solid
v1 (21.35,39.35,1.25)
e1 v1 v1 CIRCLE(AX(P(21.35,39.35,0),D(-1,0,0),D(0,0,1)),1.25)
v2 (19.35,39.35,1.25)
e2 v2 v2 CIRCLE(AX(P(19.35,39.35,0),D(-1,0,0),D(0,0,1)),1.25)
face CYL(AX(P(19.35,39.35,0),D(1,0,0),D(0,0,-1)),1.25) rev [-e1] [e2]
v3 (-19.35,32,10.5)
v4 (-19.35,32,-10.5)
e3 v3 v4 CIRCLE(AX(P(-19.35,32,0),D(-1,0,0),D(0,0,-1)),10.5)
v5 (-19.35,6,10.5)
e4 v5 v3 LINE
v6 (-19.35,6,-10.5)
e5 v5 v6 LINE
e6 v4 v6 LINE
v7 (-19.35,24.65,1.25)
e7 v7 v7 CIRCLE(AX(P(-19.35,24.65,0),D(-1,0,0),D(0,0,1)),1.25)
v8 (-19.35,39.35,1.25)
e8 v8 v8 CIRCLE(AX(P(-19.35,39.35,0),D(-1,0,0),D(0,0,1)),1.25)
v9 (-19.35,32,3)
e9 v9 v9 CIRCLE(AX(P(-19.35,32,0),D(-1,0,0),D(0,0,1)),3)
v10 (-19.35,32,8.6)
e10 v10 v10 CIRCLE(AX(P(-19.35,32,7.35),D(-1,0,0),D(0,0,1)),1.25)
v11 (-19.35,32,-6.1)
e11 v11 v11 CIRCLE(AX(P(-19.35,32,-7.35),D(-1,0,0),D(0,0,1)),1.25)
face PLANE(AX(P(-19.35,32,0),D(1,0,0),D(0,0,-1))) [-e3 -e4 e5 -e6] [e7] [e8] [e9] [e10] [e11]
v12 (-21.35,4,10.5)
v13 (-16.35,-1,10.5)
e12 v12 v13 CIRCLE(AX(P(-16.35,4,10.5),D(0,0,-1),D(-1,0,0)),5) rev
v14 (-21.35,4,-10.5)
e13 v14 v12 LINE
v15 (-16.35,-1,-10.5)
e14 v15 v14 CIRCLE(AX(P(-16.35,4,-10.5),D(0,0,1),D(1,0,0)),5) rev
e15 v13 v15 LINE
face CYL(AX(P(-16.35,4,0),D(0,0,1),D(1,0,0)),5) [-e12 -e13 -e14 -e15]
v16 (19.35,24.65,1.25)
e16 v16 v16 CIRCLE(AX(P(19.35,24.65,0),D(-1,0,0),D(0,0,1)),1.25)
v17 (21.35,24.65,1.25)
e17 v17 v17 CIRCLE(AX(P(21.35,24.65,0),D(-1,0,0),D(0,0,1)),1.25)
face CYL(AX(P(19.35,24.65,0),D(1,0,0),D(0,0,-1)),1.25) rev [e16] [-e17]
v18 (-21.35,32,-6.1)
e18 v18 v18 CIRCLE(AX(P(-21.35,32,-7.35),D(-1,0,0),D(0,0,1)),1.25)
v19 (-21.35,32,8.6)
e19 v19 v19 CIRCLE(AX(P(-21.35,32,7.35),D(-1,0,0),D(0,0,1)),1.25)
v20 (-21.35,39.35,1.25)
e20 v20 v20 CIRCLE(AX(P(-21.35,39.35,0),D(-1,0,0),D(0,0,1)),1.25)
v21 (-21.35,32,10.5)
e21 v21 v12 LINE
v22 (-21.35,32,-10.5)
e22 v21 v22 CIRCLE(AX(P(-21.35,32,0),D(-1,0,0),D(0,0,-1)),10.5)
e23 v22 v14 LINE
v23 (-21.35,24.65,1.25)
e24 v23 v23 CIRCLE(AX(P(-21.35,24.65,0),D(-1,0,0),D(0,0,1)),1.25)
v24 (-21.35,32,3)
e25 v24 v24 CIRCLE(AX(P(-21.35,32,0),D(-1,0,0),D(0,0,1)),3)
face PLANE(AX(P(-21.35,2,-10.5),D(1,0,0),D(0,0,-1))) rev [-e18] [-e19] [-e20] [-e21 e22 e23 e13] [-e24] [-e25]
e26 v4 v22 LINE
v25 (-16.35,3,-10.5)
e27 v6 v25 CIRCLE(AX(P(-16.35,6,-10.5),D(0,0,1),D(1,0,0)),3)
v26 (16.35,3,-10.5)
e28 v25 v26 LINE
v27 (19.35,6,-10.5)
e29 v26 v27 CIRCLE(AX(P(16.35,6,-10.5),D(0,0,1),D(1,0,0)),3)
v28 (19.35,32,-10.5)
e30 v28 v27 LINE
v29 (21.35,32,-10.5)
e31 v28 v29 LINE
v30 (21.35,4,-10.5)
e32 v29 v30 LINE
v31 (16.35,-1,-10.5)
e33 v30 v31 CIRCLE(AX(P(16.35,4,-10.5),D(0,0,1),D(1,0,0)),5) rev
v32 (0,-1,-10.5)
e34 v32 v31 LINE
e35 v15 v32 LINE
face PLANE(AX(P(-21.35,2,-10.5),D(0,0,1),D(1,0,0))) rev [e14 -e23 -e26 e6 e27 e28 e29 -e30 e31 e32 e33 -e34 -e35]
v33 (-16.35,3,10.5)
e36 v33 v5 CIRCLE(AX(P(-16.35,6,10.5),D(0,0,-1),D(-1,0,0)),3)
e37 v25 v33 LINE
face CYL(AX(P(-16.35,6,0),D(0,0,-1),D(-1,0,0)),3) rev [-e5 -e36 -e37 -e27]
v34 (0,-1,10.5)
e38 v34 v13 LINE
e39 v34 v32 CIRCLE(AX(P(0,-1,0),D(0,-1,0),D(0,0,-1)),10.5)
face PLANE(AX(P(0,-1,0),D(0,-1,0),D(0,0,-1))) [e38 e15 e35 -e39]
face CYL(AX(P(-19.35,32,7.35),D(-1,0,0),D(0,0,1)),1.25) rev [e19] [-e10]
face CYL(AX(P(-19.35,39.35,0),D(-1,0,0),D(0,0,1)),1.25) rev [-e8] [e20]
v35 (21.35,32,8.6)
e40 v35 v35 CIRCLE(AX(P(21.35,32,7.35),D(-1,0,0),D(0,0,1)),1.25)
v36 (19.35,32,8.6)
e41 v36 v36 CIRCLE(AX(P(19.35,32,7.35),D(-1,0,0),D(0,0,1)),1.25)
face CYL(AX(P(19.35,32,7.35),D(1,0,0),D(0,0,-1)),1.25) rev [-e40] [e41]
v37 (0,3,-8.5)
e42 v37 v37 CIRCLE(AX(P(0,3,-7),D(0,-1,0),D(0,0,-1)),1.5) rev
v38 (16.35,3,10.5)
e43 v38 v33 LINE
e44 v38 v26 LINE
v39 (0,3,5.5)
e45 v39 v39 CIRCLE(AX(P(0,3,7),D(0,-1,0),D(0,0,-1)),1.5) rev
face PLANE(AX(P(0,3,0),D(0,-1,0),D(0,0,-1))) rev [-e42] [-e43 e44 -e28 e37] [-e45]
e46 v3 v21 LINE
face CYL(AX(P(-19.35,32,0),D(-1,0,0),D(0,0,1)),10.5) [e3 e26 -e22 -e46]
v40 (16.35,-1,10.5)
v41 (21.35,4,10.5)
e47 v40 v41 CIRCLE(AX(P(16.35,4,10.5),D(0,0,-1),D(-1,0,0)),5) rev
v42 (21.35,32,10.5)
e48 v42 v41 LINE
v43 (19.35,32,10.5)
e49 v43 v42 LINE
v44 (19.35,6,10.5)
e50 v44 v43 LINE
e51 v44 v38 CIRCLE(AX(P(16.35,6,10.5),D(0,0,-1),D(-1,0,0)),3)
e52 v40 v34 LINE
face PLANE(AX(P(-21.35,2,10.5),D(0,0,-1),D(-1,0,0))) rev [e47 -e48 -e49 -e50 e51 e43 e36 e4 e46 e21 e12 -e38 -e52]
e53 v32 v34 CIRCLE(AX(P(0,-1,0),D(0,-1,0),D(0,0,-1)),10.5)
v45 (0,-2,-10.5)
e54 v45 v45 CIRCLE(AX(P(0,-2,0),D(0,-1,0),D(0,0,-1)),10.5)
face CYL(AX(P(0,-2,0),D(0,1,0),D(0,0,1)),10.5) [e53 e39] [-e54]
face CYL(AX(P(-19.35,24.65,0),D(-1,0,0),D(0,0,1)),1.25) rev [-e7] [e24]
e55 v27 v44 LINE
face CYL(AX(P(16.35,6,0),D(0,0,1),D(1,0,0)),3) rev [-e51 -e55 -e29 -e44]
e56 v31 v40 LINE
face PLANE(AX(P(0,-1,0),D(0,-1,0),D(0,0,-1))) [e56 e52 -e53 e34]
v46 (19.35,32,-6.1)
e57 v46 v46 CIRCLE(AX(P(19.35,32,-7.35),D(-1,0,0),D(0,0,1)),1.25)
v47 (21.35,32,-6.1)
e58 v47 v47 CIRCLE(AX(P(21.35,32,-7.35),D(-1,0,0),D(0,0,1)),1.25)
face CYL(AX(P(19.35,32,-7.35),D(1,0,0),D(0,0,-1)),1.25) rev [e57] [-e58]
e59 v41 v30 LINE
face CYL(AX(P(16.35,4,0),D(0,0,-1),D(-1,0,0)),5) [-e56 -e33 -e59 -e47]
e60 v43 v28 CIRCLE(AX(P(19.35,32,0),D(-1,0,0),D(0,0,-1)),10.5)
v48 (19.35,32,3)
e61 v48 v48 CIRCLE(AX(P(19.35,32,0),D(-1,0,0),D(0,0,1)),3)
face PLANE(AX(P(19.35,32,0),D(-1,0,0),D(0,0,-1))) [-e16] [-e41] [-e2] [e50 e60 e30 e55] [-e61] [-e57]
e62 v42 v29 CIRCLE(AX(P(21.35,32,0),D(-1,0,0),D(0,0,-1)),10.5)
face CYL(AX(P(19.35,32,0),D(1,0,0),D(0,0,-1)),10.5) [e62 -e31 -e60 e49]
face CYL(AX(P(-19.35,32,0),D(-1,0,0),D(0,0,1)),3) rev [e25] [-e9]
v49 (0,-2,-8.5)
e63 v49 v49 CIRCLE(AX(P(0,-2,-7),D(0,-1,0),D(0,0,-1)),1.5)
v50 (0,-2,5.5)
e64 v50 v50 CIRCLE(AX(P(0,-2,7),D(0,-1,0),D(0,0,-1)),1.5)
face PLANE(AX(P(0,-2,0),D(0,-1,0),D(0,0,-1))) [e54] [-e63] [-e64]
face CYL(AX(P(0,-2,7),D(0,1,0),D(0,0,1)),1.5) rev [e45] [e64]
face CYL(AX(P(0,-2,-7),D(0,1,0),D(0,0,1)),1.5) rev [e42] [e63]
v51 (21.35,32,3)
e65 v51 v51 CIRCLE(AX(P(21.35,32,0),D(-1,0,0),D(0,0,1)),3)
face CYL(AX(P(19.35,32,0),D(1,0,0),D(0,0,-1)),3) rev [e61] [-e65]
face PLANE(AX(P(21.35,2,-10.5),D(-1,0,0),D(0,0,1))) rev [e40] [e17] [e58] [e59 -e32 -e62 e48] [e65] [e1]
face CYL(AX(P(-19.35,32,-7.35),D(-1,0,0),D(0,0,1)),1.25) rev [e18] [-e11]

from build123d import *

# Parameters (mm, degrees)
SKETCH_1_W           = 42.7
SKETCH_1_H           = 21
SKETCH_1_R           = 1.5
EXTRUDE_1_DEPTH      = 2
SKETCH_2_R           = 1.25
SKETCH_2_R_2         = 3
EXTRUDE_2_DEPTH      = 2
EXTRUDE_3_DEPTH      = 1
EXTRUDE_3_DEPTH_BACK = 3
SKETCH_3_W           = 42.7
SKETCH_3_H           = 21
SKETCH_4_R           = 10.5
SKETCH_4_R_2         = 1.5
EXTRUDE_4_DEPTH      = 1
FILLET_1_R           = 3
FILLET_2_R           = 5
CUT_EXTRUDE_START    = -4
SKETCH_6_R           = 1.5
CUT_EXTRUDE_1_DEPTH  = 4


with BuildPart() as part:
    # 草图1 → 凸台-拉伸1 (new body)
    with BuildSketch(Plane(origin=(0, 0, 0), x_dir=(1, 0, 0), z_dir=(0, 1, 0))):
        Rectangle(SKETCH_1_W, SKETCH_1_H)
        with Locations(Location((7.5, 5, 0), (0, 0, 270))):
            Circle(SKETCH_1_R, mode=Mode.SUBTRACT)
        with Locations(Location((7.5, -5, 0), (0, 0, 90))):
            Circle(SKETCH_1_R, mode=Mode.SUBTRACT)
        with Locations(Location((-7.5, -5, 0), (0, 0, 270))):
            Circle(SKETCH_1_R, mode=Mode.SUBTRACT)
        with Locations(Location((-7.5, 5, 0), (0, 0, 90))):
            Circle(SKETCH_1_R, mode=Mode.SUBTRACT)
        with BuildLine():
            Line((8.017950723, 1.550908082), (12.912587519, 1.550908082))
            ThreePointArc((12.912587519, 1.550908082), (14.126270768, 1.145131224), (14.697546856, 0))
            ThreePointArc((14.697546856, 0), (14.126270768, -1.145131224), (12.912587519, -1.550908082))
            Line((12.912587519, -1.550908082), (8.017950723, -1.550908082))
            add(Edge.make_bspline(
                [(0, -7.407271614), (2.092471107, -7.358009404), (3.043739342, -2.951912586), (6.007732496, -1.626733157), (8.017950723, -1.550908082)],
                knots=[0, 0, 0, 0, 0.496822763, 1, 1, 1, 1], degree=3))
            add(Edge.make_bspline(
                [(0, -7.407271614), (-2.092471107, -7.358009404), (-3.043739342, -2.951912586), (-6.007732496, -1.626733157), (-8.017950723, -1.550908082)],
                knots=[0, 0, 0, 0, 0.496822763, 1, 1, 1, 1], degree=3))
            Line((-8.017950723, -1.550908082), (-12.912587519, -1.550908082))
            ThreePointArc((-12.912587519, -1.550908082), (-14.126270768, -1.145131224), (-14.697546856, 0))
            ThreePointArc((-14.697546856, 0), (-14.126270768, 1.145131224), (-12.912587519, 1.550908082))
            Line((-12.912587519, 1.550908082), (-8.017950723, 1.550908082))
            add(Edge.make_bspline(
                [(0, 7.407271614), (-2.092471107, 7.358009404), (-3.043739342, 2.951912586), (-6.007732496, 1.626733157), (-8.017950723, 1.550908082)],
                knots=[0, 0, 0, 0, 0.496822763, 1, 1, 1, 1], degree=3))
            add(Edge.make_bspline(
                [(0, 7.407271614), (2.092471107, 7.358009404), (3.043739342, 2.951912586), (6.007732496, 1.626733157), (8.017950723, 1.550908082)],
                knots=[0, 0, 0, 0, 0.496822763, 1, 1, 1, 1], degree=3))
        make_face(mode=Mode.SUBTRACT)
    extrude(amount=EXTRUDE_1_DEPTH)

    # 草图2 → 凸台-拉伸2 (add)
    with BuildSketch(Plane.ZY.offset(21.35)):
        with BuildLine():
            Line((-10.5, 2), (-10.5, 32))
            ThreePointArc((-10.5, 32), (0, 42.5), (10.5, 32))
            Line((10.5, 32), (10.5, 2))
            Line((10.5, 2), (-10.5, 2))
        make_face()
        with Locations((0, 24.65)):
            Circle(SKETCH_2_R, mode=Mode.SUBTRACT)
        with Locations((-7.35, 32)):
            Circle(SKETCH_2_R, mode=Mode.SUBTRACT)
        with Locations((0, 39.35)):
            Circle(SKETCH_2_R, mode=Mode.SUBTRACT)
        with Locations((7.35, 32)):
            Circle(SKETCH_2_R, mode=Mode.SUBTRACT)
        with Locations((0, 32)):
            Circle(SKETCH_2_R_2, mode=Mode.SUBTRACT)
    extrude_2 = extrude(amount=-EXTRUDE_2_DEPTH)

    # 镜向1: 凸台-拉伸2 across plane
    add(extrude_2.mirror(Plane(origin=(0, 0, 0), x_dir=(0, 0, 1), z_dir=(1, 0, 0))))

    # 草图3 → 凸台-拉伸3 (add, two sides: drawn at the far end of the back side and taken through both)
    with BuildSketch(Plane.XZ.offset(-EXTRUDE_3_DEPTH_BACK)):
        Rectangle(SKETCH_3_W, SKETCH_3_H)
    extrude(amount=EXTRUDE_3_DEPTH + EXTRUDE_3_DEPTH_BACK)

    # 草图4 → 凸台-拉伸4 (add)
    with BuildSketch(Plane.XZ.offset(1)):
        with Locations(Location((0, 0, 0), (0, 0, 270))):
            Circle(SKETCH_4_R)
        with Locations(Location((0, 7, 0), (0, 0, 270))):
            Circle(SKETCH_4_R_2, mode=Mode.SUBTRACT)
        with Locations(Location((0, -7, 0), (0, 0, 270))):
            Circle(SKETCH_4_R_2, mode=Mode.SUBTRACT)
    extrude(amount=EXTRUDE_4_DEPTH)

    # 圆角1
    fillet_1_edges = [part.edges().sort_by_distance(p)[0] for p in [
        (19.35, 3, 0),
        (-19.35, 3, 0),
    ]]
    fillet(fillet_1_edges, radius=FILLET_1_R)

    # 圆角2
    fillet_2_edges = [part.edges().sort_by_distance(p)[0] for p in [
        (-21.35, -1, 0),
        (21.35, -1, 0),
    ]]
    fillet(fillet_2_edges, radius=FILLET_2_R)

    # 草图6 → 切除-拉伸1 (cut)
    with BuildSketch(Plane.XZ.offset(1).offset(CUT_EXTRUDE_START)):
        with Locations(Location((0, 7, 0), (0, 0, 270))):
            Circle(SKETCH_6_R)
        with Locations(Location((0, -7, 0), (0, 0, 270))):
            Circle(SKETCH_6_R)
    extrude(amount=CUT_EXTRUDE_1_DEPTH, mode=Mode.SUBTRACT)


solid = part.part
